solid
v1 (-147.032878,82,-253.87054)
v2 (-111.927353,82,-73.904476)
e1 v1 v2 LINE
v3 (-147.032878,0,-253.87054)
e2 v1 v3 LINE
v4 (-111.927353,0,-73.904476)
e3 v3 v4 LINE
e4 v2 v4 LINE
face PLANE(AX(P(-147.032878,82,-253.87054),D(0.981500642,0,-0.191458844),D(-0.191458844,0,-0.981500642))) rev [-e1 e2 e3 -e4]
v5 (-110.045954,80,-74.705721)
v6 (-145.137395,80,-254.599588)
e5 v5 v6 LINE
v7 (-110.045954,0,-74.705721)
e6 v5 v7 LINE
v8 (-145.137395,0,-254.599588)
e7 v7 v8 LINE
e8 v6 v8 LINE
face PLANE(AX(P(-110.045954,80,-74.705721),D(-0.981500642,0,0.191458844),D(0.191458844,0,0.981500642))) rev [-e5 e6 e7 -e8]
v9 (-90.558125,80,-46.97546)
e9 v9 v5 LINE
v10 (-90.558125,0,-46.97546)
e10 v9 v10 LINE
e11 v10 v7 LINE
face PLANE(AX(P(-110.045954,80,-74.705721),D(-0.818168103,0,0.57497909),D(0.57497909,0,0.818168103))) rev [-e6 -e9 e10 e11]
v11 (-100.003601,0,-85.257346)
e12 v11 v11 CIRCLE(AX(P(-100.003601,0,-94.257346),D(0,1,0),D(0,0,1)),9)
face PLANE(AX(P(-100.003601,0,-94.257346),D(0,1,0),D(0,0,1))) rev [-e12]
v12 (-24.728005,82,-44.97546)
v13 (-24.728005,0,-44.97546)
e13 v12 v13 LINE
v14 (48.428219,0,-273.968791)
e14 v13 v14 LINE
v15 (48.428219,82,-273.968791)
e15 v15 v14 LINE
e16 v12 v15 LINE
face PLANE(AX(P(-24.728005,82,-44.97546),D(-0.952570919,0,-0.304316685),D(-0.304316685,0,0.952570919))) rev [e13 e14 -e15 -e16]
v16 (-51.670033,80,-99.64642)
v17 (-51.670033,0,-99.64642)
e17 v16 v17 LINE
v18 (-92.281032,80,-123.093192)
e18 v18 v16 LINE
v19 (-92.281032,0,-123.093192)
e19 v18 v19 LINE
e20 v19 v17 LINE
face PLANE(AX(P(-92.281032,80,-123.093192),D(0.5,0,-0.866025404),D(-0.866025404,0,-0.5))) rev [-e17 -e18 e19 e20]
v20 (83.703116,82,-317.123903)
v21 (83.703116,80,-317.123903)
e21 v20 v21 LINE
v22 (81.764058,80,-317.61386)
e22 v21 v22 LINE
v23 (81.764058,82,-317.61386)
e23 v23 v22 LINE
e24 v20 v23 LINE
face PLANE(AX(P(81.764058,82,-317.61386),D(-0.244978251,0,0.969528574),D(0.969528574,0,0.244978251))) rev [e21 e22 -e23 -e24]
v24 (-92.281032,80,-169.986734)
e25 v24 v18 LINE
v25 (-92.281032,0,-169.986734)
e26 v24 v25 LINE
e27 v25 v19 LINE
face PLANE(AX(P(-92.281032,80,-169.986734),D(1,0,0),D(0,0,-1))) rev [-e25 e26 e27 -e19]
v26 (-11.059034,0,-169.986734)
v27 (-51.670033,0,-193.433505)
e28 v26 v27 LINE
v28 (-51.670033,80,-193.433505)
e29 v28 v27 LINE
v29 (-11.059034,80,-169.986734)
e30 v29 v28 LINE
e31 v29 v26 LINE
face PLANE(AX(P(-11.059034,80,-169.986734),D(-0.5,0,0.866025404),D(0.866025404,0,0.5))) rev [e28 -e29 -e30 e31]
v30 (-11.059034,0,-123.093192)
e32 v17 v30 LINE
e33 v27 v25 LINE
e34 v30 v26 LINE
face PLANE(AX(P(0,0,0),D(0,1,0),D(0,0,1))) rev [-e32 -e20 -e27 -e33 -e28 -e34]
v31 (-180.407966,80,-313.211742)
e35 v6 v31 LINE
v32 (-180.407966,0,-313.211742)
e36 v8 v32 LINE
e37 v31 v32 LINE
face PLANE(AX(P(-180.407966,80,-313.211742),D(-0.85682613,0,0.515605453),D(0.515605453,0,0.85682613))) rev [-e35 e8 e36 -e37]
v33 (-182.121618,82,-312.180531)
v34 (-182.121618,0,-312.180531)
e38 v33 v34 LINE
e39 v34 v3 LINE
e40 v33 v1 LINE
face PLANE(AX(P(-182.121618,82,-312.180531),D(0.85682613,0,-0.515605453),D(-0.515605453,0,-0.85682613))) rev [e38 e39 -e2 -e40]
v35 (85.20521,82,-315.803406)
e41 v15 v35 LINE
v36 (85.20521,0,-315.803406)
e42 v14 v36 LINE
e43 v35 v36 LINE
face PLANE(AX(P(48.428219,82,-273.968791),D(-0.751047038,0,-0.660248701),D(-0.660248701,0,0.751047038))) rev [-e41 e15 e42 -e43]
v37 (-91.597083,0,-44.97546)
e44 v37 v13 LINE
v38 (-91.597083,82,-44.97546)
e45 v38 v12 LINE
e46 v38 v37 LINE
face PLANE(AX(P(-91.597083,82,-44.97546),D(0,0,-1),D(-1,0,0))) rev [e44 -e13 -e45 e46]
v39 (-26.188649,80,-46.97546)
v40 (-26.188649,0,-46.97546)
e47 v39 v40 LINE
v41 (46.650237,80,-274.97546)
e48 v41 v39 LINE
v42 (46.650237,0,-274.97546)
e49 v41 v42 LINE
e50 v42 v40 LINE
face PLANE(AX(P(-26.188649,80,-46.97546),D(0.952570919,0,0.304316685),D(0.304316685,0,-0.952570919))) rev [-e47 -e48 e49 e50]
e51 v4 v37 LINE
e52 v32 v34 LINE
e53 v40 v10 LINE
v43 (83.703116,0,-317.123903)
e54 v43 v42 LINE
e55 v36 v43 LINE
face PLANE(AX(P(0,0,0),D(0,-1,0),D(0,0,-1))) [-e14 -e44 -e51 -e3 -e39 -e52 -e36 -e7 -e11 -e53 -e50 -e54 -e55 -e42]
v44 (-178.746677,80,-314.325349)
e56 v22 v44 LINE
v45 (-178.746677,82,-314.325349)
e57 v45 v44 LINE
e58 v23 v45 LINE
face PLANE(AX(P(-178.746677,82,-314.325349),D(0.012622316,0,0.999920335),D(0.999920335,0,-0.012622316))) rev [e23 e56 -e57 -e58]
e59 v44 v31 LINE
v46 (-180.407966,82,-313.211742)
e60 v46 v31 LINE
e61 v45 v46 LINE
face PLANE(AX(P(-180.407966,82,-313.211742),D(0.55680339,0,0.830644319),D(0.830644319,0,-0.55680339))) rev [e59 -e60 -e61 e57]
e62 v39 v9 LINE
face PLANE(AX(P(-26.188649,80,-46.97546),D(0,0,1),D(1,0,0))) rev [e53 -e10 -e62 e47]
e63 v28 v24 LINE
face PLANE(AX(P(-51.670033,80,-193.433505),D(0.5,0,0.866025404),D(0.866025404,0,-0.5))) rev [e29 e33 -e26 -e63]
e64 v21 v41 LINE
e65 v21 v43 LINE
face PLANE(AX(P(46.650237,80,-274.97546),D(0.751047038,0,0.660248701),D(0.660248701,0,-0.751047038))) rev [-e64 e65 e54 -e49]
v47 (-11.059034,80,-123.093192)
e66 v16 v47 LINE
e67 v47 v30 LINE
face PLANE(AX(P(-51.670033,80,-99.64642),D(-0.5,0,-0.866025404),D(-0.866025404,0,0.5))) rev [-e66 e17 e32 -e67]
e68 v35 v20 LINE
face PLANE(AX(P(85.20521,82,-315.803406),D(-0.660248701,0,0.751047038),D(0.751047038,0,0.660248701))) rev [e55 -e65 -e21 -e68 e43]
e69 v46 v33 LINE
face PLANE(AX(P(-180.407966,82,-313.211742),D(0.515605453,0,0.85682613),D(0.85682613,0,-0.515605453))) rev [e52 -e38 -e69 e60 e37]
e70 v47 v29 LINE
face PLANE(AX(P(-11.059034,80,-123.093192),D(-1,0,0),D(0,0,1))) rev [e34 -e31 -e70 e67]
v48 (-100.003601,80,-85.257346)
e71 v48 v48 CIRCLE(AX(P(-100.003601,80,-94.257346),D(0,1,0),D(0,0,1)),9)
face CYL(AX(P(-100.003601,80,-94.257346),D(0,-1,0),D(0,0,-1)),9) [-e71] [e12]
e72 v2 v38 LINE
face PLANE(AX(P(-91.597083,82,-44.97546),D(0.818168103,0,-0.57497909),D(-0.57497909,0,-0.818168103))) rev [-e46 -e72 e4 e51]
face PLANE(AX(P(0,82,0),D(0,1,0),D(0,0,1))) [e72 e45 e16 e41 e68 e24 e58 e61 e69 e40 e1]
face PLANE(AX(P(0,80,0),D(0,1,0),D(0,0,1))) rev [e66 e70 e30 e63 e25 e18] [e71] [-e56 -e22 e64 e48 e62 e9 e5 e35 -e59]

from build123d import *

# Parameters (mm, degrees)
SKETCH_2_R        = 9
EXTRUDE_1_DEPTH   = 80
EXTRUDE_1_2_DEPTH = 80
EXTRUDE_1_3_DEPTH = 80
EXTRUDE_2_DEPTH   = 2


with BuildPart() as part:
    # 草图2 → 凸台-拉伸1 (new body)
    with BuildSketch(Plane(origin=(0, 0, 0), x_dir=(1, 0, 0), z_dir=(0, 1, 0))):
        with Locations((-100.00360092, 94.257346069)):
            Circle(SKETCH_2_R)
    extrude(amount=EXTRUDE_1_DEPTH)



with BuildPart() as body_2:
    # 草图2 → Extrude 1 2 (new body)
    with BuildSketch(Plane(origin=(0, 0, 0), x_dir=(1, 0, 0), z_dir=(0, 1, 0))):
        Polygon((-180.407965552, 313.211742037), (-145.137395052, 254.599587646), (-110.045954215, 74.705720884), (-90.558125094, 46.975459978), (-26.188648694, 46.975459978), (46.650236815, 274.975459978), (83.703115643, 317.123903245), (85.205209719, 315.803405844), (48.428218628, 273.968790786), (-24.728005079, 44.975459978), (-91.597082511, 44.975459978), (-111.927353435, 73.904475802), (-147.032877617, 253.870539869), (-182.121617812, 312.180531131), align=None)
    extrude(amount=EXTRUDE_1_2_DEPTH)


with BuildPart() as body_3:
    # 草图2 → Extrude 1 3 (new body)
    with BuildSketch(Plane(origin=(0, 0, 0), x_dir=(1, 0, 0), z_dir=(0, 1, 0))):
        Polygon((-51.670033073, 193.433505049), (-92.281031996, 169.986733889), (-92.281031996, 123.093191569), (-51.670033073, 99.646420409), (-11.059034151, 123.093191569), (-11.059034151, 169.986733889), align=None)
    extrude(amount=EXTRUDE_1_3_DEPTH)


with BuildPart() as part_1:
    add(part.part)

    add(body_2.part)  # 凸台-拉伸2 merges body 2

    add(body_3.part)  # 凸台-拉伸2 merges body 3
    # 草图3 → 凸台-拉伸2 (add)
    with BuildSketch(Plane(origin=(0, 80, 0), x_dir=(1, 0, 0), z_dir=(0, 1, 0))):
        Polygon((-178.746676914, 314.325348818), (81.764058494, 317.613859747), (83.703115643, 317.123903245), (85.205209719, 315.803405844), (48.428218628, 273.968790786), (-24.728005079, 44.975459978), (-91.597082511, 44.975459978), (-111.927353435, 73.904475802), (-147.032877617, 253.870539869), (-182.121617812, 312.180531131), (-180.407965552, 313.211742037), align=None)
    extrude(amount=EXTRUDE_2_DEPTH)


solid = part_1.part
